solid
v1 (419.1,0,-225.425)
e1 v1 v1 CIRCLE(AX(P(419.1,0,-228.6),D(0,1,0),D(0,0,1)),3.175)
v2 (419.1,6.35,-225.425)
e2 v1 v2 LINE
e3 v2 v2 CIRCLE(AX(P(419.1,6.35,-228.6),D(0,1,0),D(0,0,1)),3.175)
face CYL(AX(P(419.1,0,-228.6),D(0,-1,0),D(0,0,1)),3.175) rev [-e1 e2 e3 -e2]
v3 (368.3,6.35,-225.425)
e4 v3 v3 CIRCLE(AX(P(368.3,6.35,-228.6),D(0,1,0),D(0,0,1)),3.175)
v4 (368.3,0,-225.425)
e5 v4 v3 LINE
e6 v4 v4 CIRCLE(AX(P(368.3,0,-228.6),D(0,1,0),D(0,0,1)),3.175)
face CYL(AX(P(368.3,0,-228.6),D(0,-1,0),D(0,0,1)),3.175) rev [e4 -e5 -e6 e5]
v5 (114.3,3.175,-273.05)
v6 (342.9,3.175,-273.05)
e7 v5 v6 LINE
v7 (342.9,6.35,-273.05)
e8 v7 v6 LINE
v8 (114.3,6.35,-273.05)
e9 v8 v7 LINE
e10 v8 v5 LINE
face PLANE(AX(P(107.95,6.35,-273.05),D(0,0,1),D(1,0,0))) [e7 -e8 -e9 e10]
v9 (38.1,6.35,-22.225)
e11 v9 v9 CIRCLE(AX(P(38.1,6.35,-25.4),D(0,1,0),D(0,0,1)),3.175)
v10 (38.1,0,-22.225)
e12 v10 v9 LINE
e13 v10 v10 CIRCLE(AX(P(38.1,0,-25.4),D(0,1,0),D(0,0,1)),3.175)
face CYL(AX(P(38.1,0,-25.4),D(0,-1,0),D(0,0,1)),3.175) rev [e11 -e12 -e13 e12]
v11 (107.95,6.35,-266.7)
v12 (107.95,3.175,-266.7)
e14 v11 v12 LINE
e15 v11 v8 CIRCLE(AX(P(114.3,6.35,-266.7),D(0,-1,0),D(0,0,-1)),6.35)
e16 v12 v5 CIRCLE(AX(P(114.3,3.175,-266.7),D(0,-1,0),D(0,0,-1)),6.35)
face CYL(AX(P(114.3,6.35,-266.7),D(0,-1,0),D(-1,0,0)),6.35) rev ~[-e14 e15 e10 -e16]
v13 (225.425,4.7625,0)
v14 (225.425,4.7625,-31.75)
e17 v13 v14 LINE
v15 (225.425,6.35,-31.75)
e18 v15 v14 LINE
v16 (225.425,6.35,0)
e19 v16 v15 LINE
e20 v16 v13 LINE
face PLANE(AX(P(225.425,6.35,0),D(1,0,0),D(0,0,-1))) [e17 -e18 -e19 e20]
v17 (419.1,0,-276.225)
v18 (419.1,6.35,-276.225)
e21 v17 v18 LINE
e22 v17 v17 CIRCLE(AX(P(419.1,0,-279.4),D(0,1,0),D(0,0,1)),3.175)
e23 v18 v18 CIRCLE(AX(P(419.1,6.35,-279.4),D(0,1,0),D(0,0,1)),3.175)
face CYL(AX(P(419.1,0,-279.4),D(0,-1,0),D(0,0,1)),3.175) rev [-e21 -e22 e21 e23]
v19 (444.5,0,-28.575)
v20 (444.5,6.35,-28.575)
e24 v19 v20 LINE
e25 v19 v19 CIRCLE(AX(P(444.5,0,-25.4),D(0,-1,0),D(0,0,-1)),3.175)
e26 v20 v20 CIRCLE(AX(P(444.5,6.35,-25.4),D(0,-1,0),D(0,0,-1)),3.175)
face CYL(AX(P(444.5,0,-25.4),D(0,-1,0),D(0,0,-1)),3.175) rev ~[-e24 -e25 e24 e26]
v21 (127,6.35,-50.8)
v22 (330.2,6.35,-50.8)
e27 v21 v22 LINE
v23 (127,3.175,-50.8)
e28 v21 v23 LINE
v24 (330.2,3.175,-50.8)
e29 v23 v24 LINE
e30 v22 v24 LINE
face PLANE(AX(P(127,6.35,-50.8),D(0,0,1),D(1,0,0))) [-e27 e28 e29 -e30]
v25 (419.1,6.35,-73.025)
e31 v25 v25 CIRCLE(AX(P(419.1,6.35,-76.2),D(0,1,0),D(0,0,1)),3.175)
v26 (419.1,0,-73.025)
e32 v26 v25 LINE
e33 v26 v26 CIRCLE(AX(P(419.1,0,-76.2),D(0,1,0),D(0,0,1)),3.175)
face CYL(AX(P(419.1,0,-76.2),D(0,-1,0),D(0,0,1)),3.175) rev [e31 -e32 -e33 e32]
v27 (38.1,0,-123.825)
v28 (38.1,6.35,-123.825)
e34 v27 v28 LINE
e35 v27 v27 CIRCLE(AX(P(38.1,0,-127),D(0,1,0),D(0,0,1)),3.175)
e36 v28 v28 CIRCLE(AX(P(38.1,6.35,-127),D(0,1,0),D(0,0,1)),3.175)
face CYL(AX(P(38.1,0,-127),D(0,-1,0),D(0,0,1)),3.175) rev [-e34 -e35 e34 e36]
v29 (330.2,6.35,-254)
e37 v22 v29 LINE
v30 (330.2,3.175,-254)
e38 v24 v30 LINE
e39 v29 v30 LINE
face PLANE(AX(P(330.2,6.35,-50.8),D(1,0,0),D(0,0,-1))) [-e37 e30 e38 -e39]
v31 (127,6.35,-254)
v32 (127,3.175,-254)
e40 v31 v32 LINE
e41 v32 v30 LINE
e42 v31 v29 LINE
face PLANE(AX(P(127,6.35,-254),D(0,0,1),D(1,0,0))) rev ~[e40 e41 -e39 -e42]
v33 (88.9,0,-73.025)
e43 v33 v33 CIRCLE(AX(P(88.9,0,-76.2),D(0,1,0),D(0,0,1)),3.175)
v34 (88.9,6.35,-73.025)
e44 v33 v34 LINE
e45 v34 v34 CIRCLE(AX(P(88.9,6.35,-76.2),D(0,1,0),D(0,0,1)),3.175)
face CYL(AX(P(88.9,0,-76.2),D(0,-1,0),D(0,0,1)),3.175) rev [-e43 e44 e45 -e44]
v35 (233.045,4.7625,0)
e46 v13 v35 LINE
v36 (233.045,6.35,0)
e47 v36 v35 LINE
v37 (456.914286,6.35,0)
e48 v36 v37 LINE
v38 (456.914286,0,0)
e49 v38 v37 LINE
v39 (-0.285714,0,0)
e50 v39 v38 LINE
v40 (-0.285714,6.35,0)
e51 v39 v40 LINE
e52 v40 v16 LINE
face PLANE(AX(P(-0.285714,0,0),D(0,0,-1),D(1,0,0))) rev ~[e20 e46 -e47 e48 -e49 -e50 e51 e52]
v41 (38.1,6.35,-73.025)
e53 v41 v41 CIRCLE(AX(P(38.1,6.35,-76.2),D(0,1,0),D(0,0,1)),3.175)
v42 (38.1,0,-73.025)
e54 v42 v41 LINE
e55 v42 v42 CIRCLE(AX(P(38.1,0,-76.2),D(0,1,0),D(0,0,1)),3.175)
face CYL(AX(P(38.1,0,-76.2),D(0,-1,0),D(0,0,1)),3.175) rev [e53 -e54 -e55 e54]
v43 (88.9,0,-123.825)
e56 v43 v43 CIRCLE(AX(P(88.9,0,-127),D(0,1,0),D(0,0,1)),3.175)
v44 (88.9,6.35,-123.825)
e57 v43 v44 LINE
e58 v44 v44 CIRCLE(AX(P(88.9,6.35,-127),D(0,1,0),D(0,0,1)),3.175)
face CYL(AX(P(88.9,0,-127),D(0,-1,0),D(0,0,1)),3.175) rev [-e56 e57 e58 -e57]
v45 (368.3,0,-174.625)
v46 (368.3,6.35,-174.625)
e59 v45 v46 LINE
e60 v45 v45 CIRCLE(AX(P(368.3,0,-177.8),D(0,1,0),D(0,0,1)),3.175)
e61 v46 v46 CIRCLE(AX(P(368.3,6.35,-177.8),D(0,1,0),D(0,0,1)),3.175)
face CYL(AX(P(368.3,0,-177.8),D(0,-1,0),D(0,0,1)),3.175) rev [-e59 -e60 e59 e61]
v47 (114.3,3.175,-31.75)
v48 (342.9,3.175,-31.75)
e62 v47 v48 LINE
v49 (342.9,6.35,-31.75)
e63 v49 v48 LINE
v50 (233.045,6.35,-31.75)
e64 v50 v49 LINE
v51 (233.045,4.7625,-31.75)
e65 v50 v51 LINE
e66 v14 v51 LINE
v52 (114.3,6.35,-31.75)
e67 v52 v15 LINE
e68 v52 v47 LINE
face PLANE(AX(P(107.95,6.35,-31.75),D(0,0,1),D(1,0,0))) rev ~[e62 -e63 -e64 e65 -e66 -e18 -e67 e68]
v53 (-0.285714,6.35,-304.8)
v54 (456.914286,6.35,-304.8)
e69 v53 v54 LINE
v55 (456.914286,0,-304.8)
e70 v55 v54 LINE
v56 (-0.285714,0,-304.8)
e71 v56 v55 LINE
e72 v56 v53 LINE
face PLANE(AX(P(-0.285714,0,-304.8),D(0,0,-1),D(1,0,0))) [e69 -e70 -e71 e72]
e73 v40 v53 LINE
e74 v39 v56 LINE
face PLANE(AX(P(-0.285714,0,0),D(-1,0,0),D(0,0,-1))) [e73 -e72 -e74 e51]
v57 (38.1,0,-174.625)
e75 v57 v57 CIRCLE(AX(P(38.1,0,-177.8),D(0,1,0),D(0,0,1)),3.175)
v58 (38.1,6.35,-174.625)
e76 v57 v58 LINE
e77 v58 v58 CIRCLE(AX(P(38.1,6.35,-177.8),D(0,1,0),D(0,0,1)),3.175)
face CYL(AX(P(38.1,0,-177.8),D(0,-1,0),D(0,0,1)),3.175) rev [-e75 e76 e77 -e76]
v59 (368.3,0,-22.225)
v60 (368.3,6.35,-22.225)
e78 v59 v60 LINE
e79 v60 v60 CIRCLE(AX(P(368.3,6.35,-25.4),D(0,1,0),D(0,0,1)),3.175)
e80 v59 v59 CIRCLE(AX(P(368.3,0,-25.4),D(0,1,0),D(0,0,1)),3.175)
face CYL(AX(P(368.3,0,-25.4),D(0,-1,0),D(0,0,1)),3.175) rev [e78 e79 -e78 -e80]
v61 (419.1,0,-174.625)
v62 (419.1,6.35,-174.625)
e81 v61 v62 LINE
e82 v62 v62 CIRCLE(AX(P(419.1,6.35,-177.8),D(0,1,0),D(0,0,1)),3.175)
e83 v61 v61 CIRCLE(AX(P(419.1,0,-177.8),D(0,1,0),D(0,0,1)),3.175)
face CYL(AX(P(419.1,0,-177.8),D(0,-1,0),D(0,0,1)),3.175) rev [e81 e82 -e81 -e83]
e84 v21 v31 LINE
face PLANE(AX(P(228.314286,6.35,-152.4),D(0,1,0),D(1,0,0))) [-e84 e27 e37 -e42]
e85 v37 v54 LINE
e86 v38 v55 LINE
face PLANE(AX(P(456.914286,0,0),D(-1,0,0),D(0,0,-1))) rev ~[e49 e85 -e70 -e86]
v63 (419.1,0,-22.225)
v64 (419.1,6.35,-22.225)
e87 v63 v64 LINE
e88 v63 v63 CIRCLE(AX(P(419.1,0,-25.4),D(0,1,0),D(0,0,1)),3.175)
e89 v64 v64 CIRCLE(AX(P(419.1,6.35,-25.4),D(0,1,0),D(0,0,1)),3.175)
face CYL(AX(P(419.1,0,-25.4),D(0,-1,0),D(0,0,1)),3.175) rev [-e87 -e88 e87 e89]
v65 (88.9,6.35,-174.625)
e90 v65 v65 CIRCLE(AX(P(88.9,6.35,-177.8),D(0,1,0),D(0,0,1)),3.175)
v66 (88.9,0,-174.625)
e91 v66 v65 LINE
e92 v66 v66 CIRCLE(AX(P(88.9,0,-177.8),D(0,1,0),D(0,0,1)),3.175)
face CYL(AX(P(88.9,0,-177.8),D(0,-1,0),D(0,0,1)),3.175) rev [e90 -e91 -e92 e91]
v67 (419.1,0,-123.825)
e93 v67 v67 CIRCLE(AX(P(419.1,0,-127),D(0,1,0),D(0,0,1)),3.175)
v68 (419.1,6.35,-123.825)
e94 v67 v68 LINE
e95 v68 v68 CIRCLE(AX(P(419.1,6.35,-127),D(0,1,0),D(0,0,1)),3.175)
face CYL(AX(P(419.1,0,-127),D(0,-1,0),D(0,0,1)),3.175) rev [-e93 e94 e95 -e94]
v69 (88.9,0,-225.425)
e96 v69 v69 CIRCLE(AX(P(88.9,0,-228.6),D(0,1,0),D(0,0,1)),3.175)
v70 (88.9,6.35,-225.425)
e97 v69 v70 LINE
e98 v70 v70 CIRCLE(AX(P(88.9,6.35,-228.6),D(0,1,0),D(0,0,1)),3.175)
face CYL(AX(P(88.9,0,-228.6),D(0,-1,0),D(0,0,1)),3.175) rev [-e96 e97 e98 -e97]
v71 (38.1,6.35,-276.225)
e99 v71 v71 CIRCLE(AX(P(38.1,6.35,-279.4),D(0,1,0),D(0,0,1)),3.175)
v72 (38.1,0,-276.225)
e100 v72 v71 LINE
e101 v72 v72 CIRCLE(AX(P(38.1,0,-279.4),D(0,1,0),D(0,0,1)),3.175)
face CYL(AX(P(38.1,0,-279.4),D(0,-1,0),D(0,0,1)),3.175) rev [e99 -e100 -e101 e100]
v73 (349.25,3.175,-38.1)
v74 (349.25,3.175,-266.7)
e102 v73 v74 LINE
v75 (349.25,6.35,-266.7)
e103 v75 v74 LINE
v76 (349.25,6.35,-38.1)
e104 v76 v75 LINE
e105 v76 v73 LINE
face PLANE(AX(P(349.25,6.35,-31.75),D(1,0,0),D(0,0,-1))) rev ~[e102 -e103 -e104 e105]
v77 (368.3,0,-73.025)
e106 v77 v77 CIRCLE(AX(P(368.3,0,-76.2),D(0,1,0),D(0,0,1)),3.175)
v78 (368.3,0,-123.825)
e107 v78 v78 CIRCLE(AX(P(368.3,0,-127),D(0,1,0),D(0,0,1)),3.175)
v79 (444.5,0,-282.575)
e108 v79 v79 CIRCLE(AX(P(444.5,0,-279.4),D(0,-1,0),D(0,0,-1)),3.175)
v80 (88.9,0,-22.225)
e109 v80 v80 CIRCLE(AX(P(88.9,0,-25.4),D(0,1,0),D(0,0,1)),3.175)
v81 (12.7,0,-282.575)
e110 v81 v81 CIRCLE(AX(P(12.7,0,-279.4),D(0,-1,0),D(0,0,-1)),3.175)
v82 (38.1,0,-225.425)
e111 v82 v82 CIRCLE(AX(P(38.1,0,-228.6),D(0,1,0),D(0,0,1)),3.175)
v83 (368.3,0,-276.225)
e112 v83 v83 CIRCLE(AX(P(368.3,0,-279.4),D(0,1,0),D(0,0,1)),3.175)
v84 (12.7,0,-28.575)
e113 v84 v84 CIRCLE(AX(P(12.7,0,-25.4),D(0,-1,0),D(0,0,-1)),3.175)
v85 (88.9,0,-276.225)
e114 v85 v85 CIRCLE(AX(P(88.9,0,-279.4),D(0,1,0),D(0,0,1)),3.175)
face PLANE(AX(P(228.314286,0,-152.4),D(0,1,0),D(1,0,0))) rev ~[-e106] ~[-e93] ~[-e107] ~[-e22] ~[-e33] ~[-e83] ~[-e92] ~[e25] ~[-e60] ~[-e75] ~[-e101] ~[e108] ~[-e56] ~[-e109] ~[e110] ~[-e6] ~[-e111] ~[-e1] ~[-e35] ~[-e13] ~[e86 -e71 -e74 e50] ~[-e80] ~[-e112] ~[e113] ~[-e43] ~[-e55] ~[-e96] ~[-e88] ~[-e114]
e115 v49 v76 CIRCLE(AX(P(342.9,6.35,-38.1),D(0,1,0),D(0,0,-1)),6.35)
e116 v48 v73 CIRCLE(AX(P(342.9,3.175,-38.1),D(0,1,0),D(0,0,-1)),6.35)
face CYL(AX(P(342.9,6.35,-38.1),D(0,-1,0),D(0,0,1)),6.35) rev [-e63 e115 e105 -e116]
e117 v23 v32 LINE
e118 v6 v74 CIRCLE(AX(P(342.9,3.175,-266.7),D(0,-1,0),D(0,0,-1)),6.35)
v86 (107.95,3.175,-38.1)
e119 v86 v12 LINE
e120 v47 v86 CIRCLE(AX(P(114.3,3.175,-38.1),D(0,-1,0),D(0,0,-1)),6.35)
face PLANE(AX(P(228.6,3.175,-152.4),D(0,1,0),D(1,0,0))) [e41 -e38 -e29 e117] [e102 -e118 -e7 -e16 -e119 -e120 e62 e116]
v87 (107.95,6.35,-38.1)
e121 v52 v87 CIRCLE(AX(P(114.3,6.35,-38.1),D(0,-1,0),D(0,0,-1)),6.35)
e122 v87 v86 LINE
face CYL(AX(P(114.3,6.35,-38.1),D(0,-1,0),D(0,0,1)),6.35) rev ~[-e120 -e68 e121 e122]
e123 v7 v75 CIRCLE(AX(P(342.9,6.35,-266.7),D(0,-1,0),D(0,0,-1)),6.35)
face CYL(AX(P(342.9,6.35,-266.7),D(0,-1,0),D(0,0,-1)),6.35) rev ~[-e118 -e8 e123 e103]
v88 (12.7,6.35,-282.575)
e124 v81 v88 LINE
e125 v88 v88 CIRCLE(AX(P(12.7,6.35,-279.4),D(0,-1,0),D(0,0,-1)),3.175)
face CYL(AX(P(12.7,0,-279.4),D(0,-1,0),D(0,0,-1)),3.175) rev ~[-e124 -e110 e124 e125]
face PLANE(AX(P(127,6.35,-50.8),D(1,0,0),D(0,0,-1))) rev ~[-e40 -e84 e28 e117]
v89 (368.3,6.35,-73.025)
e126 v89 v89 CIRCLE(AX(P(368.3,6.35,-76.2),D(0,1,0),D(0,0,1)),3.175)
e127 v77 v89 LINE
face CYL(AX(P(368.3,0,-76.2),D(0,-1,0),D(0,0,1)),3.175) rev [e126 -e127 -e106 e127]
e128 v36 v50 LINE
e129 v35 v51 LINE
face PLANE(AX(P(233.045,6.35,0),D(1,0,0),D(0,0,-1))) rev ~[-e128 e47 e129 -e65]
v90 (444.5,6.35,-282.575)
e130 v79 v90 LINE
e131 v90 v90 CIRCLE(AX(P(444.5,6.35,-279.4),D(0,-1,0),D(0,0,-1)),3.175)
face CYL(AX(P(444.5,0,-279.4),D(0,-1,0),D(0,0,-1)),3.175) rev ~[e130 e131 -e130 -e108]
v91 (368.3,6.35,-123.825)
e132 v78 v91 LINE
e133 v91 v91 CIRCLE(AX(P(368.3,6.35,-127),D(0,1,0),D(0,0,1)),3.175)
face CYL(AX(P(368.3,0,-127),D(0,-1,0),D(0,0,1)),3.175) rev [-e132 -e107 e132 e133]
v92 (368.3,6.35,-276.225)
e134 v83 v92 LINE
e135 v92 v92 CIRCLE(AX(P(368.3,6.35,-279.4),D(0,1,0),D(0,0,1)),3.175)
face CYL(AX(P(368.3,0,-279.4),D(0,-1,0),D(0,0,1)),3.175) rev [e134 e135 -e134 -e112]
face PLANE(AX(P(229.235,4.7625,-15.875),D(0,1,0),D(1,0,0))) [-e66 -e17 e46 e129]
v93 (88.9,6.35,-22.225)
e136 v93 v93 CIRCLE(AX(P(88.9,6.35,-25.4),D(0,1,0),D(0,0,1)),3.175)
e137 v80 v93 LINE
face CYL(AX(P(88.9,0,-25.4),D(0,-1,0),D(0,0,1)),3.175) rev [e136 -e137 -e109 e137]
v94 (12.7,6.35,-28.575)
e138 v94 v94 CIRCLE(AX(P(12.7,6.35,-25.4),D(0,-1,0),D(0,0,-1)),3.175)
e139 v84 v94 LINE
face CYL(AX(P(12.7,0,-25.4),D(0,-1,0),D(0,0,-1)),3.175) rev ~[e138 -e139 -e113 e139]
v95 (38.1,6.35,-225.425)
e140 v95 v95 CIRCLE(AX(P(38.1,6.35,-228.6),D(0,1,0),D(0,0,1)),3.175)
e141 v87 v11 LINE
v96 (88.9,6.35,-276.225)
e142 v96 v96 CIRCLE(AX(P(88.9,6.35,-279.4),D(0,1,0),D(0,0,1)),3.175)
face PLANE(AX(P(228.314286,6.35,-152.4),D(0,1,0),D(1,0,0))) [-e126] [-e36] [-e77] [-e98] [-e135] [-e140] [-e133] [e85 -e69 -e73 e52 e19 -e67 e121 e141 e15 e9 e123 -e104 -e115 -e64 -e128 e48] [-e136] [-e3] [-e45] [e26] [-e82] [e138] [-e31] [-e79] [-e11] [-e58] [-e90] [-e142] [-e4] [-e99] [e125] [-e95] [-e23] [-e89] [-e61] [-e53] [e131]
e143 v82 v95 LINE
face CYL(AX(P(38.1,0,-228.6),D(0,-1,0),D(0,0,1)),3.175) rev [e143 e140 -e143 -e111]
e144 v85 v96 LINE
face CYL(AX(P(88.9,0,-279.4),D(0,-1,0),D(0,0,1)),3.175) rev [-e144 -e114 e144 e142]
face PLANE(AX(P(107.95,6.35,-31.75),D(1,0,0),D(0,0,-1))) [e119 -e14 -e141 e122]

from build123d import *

# Parameters (mm, degrees)
SKETCH1_W             = 457.2
SKETCH1_H             = 304.8
BOSS_EXTRUDE2_DEPTH   = 6.35
SKETCH1_5_OUTSIDE_W   = 569.104
SKETCH1_5_OUTSIDE_H   = 416.704
SKETCH1_5_OUTSIDE_W_2 = 457.2
SKETCH1_5_OUTSIDE_H_2 = 304.8
SKETCH1_5_OUTSIDE_R   = 3.175
CUT_EXTRUDE3_DEPTH    = 6.35
SKETCH5_W             = 241.3
SKETCH5_H             = 241.3
SKETCH5_W_2           = 203.2
SKETCH5_H_2           = 203.2
CUT_EXTRUDE7_DEPTH    = 3.175
SKETCH6_W             = 7.62
SKETCH6_H             = 31.75
CUT_EXTRUDE8_DEPTH    = 1.5875
SKETCH12_R            = 3.175
CUT_EXTRUDE13_DEPTH   = 6.35
FILLET1_R             = 6.35


with BuildPart() as part:
    # Sketch1 → Boss-Extrude2 (new body)
    with BuildSketch(Plane(origin=(0, 0, 0), x_dir=(1, 0, 0), z_dir=(0, 1, 0))):
        with Locations((228.314285714, 152.4)):
            Rectangle(SKETCH1_W, SKETCH1_H)
    extrude(amount=BOSS_EXTRUDE2_DEPTH)

    # Sketch1<5> outside → Cut-Extrude3 (cut)
    # profile 1 of 25: a face of its own
    with BuildSketch(Plane(origin=(0, 0, 0), x_dir=(1, 0, 0), z_dir=(0, 1, 0))):
        with Locations((228.314, 152.4)):
            Rectangle(SKETCH1_5_OUTSIDE_W, SKETCH1_5_OUTSIDE_H)
        with Locations((228.314285714, 152.4)):
            Rectangle(SKETCH1_5_OUTSIDE_W_2, SKETCH1_5_OUTSIDE_H_2, mode=Mode.SUBTRACT)
    # profile 2 of 25: a face of its own
    with BuildSketch(Plane(origin=(0, 0, 0), x_dir=(1, 0, 0), z_dir=(0, 1, 0))):
        with Locations((38.1, 25.4)):
            Circle(SKETCH1_5_OUTSIDE_R)
    # profile 3 of 25: a face of its own
    with BuildSketch(Plane(origin=(0, 0, 0), x_dir=(1, 0, 0), z_dir=(0, 1, 0))):
        with Locations((38.1, 76.2)):
            Circle(SKETCH1_5_OUTSIDE_R)
    # profile 4 of 25: a face of its own
    with BuildSketch(Plane(origin=(0, 0, 0), x_dir=(1, 0, 0), z_dir=(0, 1, 0))):
        with Locations((38.1, 127)):
            Circle(SKETCH1_5_OUTSIDE_R)
    # profile 5 of 25: a face of its own
    with BuildSketch(Plane(origin=(0, 0, 0), x_dir=(1, 0, 0), z_dir=(0, 1, 0))):
        with Locations((38.1, 228.6)):
            Circle(SKETCH1_5_OUTSIDE_R)
    # profile 6 of 25: a face of its own
    with BuildSketch(Plane(origin=(0, 0, 0), x_dir=(1, 0, 0), z_dir=(0, 1, 0))):
        with Locations((38.1, 279.4)):
            Circle(SKETCH1_5_OUTSIDE_R)
    # profile 7 of 25: a face of its own
    with BuildSketch(Plane(origin=(0, 0, 0), x_dir=(1, 0, 0), z_dir=(0, 1, 0))):
        with Locations((38.1, 177.8)):
            Circle(SKETCH1_5_OUTSIDE_R)
    # profile 8 of 25: a face of its own
    with BuildSketch(Plane(origin=(0, 0, 0), x_dir=(1, 0, 0), z_dir=(0, 1, 0))):
        with Locations((88.9, 279.4)):
            Circle(SKETCH1_5_OUTSIDE_R)
    # profile 9 of 25: a face of its own
    with BuildSketch(Plane(origin=(0, 0, 0), x_dir=(1, 0, 0), z_dir=(0, 1, 0))):
        with Locations((88.9, 228.6)):
            Circle(SKETCH1_5_OUTSIDE_R)
    # profile 10 of 25: a face of its own
    with BuildSketch(Plane(origin=(0, 0, 0), x_dir=(1, 0, 0), z_dir=(0, 1, 0))):
        with Locations((88.9, 177.8)):
            Circle(SKETCH1_5_OUTSIDE_R)
    # profile 11 of 25: a face of its own
    with BuildSketch(Plane(origin=(0, 0, 0), x_dir=(1, 0, 0), z_dir=(0, 1, 0))):
        with Locations((88.9, 127)):
            Circle(SKETCH1_5_OUTSIDE_R)
    # profile 12 of 25: a face of its own
    with BuildSketch(Plane(origin=(0, 0, 0), x_dir=(1, 0, 0), z_dir=(0, 1, 0))):
        with Locations((88.9, 76.2)):
            Circle(SKETCH1_5_OUTSIDE_R)
    # profile 13 of 25: a face of its own
    with BuildSketch(Plane(origin=(0, 0, 0), x_dir=(1, 0, 0), z_dir=(0, 1, 0))):
        with Locations((88.9, 25.4)):
            Circle(SKETCH1_5_OUTSIDE_R)
    # profile 14 of 25: a face of its own
    with BuildSketch(Plane(origin=(0, 0, 0), x_dir=(1, 0, 0), z_dir=(0, 1, 0))):
        with Locations((368.3, 279.4)):
            Circle(SKETCH1_5_OUTSIDE_R)
    # profile 15 of 25: a face of its own
    with BuildSketch(Plane(origin=(0, 0, 0), x_dir=(1, 0, 0), z_dir=(0, 1, 0))):
        with Locations((419.1, 228.6)):
            Circle(SKETCH1_5_OUTSIDE_R)
    # profile 16 of 25: a face of its own
    with BuildSketch(Plane(origin=(0, 0, 0), x_dir=(1, 0, 0), z_dir=(0, 1, 0))):
        with Locations((419.1, 177.8)):
            Circle(SKETCH1_5_OUTSIDE_R)
    # profile 17 of 25: a face of its own
    with BuildSketch(Plane(origin=(0, 0, 0), x_dir=(1, 0, 0), z_dir=(0, 1, 0))):
        with Locations((368.3, 127)):
            Circle(SKETCH1_5_OUTSIDE_R)
    # profile 18 of 25: a face of its own
    with BuildSketch(Plane(origin=(0, 0, 0), x_dir=(1, 0, 0), z_dir=(0, 1, 0))):
        with Locations((368.3, 76.2)):
            Circle(SKETCH1_5_OUTSIDE_R)
    # profile 19 of 25: a face of its own
    with BuildSketch(Plane(origin=(0, 0, 0), x_dir=(1, 0, 0), z_dir=(0, 1, 0))):
        with Locations((368.3, 25.4)):
            Circle(SKETCH1_5_OUTSIDE_R)
    # profile 20 of 25: a face of its own
    with BuildSketch(Plane(origin=(0, 0, 0), x_dir=(1, 0, 0), z_dir=(0, 1, 0))):
        with Locations((419.1, 279.4)):
            Circle(SKETCH1_5_OUTSIDE_R)
    # profile 21 of 25: a face of its own
    with BuildSketch(Plane(origin=(0, 0, 0), x_dir=(1, 0, 0), z_dir=(0, 1, 0))):
        with Locations((419.1, 127)):
            Circle(SKETCH1_5_OUTSIDE_R)
    # profile 22 of 25: a face of its own
    with BuildSketch(Plane(origin=(0, 0, 0), x_dir=(1, 0, 0), z_dir=(0, 1, 0))):
        with Locations((419.1, 76.2)):
            Circle(SKETCH1_5_OUTSIDE_R)
    # profile 23 of 25: a face of its own
    with BuildSketch(Plane(origin=(0, 0, 0), x_dir=(1, 0, 0), z_dir=(0, 1, 0))):
        with Locations((419.1, 25.4)):
            Circle(SKETCH1_5_OUTSIDE_R)
    # profile 24 of 25: a face of its own
    with BuildSketch(Plane(origin=(0, 0, 0), x_dir=(1, 0, 0), z_dir=(0, 1, 0))):
        with Locations((368.3, 177.8)):
            Circle(SKETCH1_5_OUTSIDE_R)
    # profile 25 of 25: a face of its own
    with BuildSketch(Plane(origin=(0, 0, 0), x_dir=(1, 0, 0), z_dir=(0, 1, 0))):
        with Locations((368.3, 228.6)):
            Circle(SKETCH1_5_OUTSIDE_R)
    extrude(amount=CUT_EXTRUDE3_DEPTH, mode=Mode.SUBTRACT)

    # Sketch5 → Cut-Extrude7 (cut)
    with BuildSketch(Plane(origin=(0, 6.35, 0), x_dir=(1, 0, 0), z_dir=(0, 1, 0))):
        with Locations((228.6, 152.4)):
            Rectangle(SKETCH5_W, SKETCH5_H)
        with Locations((228.6, 152.4)):
            Rectangle(SKETCH5_W_2, SKETCH5_H_2, mode=Mode.SUBTRACT)
    extrude(amount=-CUT_EXTRUDE7_DEPTH, mode=Mode.SUBTRACT)

    # Sketch6 → Cut-Extrude8 (cut)
    with BuildSketch(Plane(origin=(0, 6.35, 0), x_dir=(1, 0, 0), z_dir=(0, 1, 0))):
        with Locations((229.235, 15.875)):
            Rectangle(SKETCH6_W, SKETCH6_H)
    extrude(amount=-CUT_EXTRUDE8_DEPTH, mode=Mode.SUBTRACT)

    # Sketch12 → Cut-Extrude13 (cut)
    with BuildSketch(Plane.XZ):
        with Locations((12.7, -25.4)):
            Circle(SKETCH12_R)
        with Locations((12.7, -279.4)):
            Circle(SKETCH12_R)
        with Locations((444.5, -25.4)):
            Circle(SKETCH12_R)
        with Locations((444.5, -279.4)):
            Circle(SKETCH12_R)
    extrude(amount=-CUT_EXTRUDE13_DEPTH, mode=Mode.SUBTRACT)

    # Fillet1
    fillet1_edges = [part.edges().sort_by_distance(p)[0] for p in [
        (349.25, 4.7625, -31.75),
        (107.95, 4.7625, -31.75),
        (349.25, 4.7625, -273.05),
        (107.95, 4.7625, -273.05),
    ]]
    fillet(fillet1_edges, radius=FILLET1_R)


solid = part.part
